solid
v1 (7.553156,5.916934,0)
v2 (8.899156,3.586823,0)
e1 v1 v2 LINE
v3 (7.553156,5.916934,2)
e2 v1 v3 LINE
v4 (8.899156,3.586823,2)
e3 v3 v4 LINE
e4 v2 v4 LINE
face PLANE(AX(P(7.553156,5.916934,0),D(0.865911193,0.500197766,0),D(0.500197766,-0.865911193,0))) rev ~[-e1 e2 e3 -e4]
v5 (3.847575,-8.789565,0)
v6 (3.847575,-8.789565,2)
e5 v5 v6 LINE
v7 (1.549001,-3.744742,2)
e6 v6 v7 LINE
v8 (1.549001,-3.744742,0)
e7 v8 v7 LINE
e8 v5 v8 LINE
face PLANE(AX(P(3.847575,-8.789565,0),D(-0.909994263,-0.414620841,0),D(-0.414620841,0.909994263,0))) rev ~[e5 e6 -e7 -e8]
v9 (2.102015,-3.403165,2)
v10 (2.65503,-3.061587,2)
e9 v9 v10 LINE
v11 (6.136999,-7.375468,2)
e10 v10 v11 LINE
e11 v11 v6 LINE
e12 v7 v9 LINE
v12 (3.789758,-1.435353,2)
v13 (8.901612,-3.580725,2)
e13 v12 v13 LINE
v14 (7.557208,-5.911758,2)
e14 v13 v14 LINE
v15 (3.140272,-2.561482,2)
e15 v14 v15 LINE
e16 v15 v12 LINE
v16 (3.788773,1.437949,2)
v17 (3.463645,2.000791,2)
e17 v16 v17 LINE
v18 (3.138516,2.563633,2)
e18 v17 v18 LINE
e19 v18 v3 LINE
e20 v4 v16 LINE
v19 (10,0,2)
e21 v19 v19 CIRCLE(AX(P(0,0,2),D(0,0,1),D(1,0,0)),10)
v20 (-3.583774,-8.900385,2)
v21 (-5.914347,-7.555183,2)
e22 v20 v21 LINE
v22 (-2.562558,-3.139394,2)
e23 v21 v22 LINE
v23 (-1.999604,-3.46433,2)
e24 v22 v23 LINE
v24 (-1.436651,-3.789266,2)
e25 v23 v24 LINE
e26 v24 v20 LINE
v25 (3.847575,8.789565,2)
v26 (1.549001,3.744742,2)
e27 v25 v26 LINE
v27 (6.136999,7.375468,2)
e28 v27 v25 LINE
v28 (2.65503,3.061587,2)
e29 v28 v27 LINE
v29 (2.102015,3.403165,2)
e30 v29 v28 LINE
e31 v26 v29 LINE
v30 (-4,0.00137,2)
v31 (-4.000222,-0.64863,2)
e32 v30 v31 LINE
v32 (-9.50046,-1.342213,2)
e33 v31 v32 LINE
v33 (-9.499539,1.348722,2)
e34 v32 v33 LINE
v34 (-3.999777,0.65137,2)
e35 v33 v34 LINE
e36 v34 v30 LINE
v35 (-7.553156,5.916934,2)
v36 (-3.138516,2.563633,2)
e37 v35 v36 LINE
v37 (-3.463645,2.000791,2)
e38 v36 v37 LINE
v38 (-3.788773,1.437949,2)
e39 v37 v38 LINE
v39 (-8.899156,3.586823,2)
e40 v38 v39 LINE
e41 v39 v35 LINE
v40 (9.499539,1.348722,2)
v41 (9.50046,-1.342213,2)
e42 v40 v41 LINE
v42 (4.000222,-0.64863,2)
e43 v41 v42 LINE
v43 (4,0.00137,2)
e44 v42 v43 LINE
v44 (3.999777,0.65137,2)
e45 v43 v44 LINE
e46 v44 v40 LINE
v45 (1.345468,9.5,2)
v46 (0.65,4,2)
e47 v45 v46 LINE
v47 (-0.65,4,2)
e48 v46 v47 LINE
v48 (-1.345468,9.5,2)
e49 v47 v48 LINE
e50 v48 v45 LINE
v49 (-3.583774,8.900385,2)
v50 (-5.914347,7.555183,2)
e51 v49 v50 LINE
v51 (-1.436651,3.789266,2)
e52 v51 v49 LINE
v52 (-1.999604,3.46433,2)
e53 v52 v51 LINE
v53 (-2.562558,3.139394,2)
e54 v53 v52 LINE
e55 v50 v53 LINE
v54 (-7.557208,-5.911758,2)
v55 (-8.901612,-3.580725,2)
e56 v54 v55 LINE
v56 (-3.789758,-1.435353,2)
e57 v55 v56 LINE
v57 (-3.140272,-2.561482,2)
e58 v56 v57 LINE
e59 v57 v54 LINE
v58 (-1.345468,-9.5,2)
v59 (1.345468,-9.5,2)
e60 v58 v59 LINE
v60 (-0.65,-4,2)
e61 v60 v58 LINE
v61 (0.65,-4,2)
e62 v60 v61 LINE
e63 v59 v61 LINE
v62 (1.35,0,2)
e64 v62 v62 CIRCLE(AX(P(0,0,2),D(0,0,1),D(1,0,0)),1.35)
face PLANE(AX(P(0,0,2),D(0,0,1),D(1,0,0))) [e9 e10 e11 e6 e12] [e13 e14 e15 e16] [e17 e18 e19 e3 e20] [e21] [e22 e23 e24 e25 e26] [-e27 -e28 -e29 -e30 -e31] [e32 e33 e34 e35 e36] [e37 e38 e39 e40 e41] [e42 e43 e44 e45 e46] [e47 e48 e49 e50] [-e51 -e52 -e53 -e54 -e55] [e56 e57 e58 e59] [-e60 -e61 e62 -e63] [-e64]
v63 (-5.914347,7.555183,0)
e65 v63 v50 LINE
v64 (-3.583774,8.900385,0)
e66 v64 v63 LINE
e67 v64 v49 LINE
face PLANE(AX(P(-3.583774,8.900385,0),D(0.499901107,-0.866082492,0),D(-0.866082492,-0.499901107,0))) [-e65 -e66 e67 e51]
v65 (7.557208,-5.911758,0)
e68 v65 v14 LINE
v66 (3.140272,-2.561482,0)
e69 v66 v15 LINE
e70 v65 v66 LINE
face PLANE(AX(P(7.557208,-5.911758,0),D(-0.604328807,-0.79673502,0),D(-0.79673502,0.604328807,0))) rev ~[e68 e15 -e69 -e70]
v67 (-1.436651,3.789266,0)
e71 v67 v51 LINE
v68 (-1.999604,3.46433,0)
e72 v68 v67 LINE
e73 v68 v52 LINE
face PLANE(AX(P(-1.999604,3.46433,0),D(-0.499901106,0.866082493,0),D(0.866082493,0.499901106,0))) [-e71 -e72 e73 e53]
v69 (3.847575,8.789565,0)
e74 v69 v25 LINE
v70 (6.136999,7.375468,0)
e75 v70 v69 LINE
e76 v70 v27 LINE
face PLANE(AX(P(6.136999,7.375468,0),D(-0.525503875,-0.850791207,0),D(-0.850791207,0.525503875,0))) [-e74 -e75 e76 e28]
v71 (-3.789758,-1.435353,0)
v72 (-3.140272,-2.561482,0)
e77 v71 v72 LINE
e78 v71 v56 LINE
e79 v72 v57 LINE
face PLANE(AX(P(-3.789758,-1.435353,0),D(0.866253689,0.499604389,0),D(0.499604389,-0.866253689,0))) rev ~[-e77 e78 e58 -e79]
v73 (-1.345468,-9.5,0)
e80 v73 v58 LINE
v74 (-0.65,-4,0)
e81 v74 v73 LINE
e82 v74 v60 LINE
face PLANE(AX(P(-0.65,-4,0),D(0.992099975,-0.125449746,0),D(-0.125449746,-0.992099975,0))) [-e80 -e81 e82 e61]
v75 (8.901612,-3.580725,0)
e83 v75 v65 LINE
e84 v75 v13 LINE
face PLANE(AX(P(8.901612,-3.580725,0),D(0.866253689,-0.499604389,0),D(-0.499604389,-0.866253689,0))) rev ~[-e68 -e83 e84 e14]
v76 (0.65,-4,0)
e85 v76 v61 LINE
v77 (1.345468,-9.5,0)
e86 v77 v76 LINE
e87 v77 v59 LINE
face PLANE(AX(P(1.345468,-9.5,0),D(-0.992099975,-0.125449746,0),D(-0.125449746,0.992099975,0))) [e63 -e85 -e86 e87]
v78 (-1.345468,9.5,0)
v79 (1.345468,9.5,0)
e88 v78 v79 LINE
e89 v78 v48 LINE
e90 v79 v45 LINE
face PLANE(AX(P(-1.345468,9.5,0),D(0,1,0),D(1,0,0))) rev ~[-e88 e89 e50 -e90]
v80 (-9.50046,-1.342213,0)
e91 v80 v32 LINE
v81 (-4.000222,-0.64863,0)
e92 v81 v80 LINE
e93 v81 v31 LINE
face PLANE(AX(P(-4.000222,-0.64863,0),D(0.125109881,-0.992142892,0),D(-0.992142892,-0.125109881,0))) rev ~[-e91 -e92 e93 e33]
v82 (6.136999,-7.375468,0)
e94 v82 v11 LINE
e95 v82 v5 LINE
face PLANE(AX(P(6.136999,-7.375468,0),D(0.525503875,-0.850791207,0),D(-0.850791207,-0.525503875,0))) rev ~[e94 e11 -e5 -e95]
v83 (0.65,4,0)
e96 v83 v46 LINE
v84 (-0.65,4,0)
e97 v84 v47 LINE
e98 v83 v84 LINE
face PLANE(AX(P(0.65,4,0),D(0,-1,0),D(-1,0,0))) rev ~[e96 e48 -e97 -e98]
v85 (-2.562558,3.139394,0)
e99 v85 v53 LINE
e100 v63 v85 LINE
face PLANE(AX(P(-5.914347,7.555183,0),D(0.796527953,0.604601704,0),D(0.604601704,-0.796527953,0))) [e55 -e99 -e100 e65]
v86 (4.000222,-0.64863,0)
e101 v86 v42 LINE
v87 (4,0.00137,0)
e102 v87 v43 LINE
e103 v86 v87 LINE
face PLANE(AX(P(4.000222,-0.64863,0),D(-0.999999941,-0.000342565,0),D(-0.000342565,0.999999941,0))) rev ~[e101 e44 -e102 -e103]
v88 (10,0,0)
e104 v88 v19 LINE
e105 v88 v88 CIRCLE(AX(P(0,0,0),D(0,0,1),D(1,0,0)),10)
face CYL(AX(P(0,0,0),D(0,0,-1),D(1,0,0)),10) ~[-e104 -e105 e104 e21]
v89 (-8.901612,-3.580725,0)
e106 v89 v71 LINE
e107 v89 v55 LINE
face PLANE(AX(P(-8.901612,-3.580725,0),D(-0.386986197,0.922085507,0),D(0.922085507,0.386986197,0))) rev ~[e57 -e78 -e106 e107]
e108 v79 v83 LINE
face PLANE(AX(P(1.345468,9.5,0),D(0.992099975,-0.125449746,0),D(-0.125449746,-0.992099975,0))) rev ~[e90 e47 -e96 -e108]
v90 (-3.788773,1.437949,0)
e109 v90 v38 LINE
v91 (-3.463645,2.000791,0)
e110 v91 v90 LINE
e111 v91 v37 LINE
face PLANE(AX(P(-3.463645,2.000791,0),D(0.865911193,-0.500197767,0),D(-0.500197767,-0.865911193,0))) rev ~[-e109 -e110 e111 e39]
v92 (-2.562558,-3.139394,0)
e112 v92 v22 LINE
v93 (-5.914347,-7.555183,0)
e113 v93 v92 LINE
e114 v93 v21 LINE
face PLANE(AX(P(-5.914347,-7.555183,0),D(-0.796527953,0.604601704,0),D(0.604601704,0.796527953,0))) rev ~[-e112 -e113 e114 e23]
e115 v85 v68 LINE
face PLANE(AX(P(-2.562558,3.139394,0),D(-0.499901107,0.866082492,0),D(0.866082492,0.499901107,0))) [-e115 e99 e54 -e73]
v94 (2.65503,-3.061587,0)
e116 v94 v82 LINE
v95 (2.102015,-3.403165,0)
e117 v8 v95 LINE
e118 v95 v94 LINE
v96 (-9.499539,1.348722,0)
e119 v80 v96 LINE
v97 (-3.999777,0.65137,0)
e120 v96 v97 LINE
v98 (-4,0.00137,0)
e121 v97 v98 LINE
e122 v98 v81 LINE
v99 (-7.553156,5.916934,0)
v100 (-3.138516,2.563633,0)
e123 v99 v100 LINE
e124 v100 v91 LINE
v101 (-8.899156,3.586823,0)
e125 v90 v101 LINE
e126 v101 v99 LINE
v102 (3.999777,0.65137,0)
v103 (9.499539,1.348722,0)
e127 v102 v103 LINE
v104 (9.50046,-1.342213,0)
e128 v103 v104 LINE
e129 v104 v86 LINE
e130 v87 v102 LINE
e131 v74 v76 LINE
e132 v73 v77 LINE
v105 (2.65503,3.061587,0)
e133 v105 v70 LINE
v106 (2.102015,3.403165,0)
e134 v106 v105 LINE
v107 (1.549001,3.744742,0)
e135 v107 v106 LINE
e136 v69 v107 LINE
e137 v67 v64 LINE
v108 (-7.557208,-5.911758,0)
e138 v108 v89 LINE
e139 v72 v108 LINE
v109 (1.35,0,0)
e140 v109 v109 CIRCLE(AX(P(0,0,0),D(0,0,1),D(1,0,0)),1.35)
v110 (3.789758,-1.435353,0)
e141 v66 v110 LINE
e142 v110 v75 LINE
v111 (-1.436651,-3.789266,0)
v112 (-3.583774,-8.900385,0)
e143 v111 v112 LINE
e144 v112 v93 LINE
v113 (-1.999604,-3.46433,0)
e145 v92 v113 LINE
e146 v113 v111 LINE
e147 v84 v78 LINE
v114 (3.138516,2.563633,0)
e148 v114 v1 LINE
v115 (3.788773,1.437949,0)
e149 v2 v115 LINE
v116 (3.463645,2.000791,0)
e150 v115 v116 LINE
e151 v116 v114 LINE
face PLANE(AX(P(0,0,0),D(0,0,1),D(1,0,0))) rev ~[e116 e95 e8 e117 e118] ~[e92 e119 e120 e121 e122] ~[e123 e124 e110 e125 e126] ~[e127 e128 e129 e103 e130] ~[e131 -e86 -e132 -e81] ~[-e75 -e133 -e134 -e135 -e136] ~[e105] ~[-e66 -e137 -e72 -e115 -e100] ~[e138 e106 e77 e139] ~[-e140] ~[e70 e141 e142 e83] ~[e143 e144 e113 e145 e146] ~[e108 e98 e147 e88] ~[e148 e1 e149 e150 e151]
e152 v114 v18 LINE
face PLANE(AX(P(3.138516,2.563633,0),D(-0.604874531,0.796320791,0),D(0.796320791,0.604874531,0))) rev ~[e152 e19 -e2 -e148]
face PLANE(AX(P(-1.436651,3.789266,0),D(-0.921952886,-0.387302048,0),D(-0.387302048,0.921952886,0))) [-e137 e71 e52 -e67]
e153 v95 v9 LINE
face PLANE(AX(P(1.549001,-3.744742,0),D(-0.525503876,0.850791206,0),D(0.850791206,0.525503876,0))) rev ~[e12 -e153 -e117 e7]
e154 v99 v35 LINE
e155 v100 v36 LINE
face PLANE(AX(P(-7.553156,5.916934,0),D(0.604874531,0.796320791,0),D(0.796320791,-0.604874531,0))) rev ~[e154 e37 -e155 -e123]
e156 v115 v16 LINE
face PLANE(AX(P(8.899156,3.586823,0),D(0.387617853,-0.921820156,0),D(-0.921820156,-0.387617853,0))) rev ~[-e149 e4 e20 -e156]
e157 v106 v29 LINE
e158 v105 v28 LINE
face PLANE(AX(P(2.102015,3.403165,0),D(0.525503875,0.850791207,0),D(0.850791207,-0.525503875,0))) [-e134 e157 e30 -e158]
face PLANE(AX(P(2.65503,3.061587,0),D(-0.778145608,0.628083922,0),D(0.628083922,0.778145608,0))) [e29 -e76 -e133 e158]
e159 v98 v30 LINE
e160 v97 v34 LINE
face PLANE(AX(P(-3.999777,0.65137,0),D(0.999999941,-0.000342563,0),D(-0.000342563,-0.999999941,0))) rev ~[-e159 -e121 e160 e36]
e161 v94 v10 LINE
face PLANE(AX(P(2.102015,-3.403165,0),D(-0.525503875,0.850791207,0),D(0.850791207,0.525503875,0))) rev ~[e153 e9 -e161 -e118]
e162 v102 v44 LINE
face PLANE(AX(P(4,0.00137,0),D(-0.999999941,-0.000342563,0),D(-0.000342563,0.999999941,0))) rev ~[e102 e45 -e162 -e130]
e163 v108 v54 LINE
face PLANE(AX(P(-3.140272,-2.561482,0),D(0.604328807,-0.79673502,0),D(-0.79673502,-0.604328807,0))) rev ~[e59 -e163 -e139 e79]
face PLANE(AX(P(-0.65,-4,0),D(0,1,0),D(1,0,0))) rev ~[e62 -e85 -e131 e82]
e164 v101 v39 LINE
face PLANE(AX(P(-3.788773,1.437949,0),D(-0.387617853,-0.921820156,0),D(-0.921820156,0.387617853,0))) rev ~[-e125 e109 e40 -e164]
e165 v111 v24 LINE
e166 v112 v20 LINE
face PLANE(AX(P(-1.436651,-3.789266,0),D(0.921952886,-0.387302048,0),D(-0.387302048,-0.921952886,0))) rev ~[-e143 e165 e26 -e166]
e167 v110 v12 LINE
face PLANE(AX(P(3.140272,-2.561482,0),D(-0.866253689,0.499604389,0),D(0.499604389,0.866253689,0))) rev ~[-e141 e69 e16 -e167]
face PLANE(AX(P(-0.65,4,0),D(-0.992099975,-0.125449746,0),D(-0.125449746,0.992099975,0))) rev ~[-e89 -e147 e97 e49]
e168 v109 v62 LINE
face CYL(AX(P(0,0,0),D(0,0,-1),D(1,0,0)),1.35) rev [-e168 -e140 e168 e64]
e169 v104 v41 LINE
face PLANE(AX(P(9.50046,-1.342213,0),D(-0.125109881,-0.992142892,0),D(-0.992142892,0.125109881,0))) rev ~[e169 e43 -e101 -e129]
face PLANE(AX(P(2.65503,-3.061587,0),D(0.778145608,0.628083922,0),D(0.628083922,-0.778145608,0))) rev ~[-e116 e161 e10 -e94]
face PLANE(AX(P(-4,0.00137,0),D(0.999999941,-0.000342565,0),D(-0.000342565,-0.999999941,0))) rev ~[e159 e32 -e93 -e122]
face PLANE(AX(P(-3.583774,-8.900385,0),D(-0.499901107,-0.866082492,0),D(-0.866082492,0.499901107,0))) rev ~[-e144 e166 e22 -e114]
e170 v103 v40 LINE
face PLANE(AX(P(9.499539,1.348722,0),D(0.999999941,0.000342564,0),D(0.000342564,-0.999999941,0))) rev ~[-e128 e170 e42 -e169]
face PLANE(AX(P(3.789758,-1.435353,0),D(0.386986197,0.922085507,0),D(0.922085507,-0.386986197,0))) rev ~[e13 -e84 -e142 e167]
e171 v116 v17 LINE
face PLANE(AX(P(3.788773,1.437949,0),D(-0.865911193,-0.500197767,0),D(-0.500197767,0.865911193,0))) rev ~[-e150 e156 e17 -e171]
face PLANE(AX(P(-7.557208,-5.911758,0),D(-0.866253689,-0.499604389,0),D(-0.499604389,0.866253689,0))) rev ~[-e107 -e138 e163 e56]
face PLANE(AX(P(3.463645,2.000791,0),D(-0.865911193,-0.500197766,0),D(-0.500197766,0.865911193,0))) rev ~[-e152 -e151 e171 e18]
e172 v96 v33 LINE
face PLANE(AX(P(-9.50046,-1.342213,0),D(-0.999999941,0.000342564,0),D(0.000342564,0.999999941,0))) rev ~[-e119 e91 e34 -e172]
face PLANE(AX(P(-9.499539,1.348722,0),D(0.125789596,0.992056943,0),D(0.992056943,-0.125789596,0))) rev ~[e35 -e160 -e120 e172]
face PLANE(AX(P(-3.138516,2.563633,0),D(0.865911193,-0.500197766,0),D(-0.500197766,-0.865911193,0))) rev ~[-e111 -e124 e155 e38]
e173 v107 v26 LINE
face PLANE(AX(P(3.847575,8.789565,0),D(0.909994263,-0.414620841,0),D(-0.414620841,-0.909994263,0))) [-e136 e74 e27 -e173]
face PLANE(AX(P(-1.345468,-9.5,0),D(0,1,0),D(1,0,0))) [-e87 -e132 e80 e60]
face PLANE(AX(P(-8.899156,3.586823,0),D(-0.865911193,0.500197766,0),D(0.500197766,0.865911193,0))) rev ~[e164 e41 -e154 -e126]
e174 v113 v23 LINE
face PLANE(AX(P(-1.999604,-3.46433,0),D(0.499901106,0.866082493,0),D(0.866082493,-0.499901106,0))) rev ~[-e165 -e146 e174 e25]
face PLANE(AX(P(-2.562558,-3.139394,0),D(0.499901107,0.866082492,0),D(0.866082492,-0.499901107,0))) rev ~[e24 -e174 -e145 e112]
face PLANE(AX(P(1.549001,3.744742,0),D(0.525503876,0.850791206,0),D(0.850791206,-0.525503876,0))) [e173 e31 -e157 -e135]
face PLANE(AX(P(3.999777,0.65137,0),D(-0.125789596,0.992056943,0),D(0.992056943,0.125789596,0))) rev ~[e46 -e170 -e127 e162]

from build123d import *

# Parameters (mm, degrees)
ESBO_O1_R                = 10
ESBO_O1_R_2              = 1.35
RESSALTO_EXTRUS_O2_DEPTH = 2


with BuildPart() as part:
    # Esboço1 → Ressalto-extrusão2 (new body)
    with BuildSketch(Plane.XY):
        Circle(ESBO_O1_R)
        Circle(ESBO_O1_R_2, mode=Mode.SUBTRACT)
        Polygon((-1.345467814, 9.5), (1.345467814, 9.5), (0.65, 4), (0, 4), (-0.65, 4), align=None, mode=Mode.SUBTRACT)
        Polygon((2.655029784, 3.061587308), (6.136998996, 7.375467915), (3.847574626, 8.789565014), (1.549001215, 3.744742346), (2.102015499, 3.403164827), align=None, mode=Mode.SUBTRACT)
        Polygon((-1.436650808, 3.789265688), (-3.5837744, 8.900384525), (-5.914346634, 7.555182826), (-2.562558048, 3.139394249), (-1.999604428, 3.464329969), align=None, mode=Mode.SUBTRACT)
        Polygon((-3.463644773, 2.000791065), (-3.788773321, 1.43794879), (-8.899156331, 3.58682314), (-7.553156341, 5.91693442), (-3.138516225, 2.563633341), align=None, mode=Mode.SUBTRACT)
        Polygon((-3.999999765, 0.001370256), (-4.000222432, -0.648629706), (-9.500460351, -1.342213377), (-9.499538534, 1.348722092), (-3.999777099, 0.651370218), align=None, mode=Mode.SUBTRACT)
        Polygon((-3.465014758, -1.998417556), (-3.140271905, -2.561482454), (-7.557208424, -5.911758154), (-8.901611674, -3.580725239), (-3.789757611, -1.435352658), align=None, mode=Mode.SUBTRACT)
        Polygon((-1.999604428, -3.464329969), (-1.436650808, -3.789265688), (-3.5837744, -8.900384525), (-5.914346634, -7.555182826), (-2.562558048, -3.139394249), align=None, mode=Mode.SUBTRACT)
        Polygon((-0.65, -4), (-1.345467814, -9.5), (1.345467814, -9.5), (0.65, -4), (0, -4), align=None, mode=Mode.SUBTRACT)
        Polygon((2.102015499, -3.403164827), (2.655029784, -3.061587308), (6.136998996, -7.375467915), (3.847574626, -8.789565014), (1.549001215, -3.744742346), align=None, mode=Mode.SUBTRACT)
        Polygon((3.465014758, -1.998417556), (3.789757611, -1.435352658), (8.901611674, -3.580725239), (7.557208424, -5.911758154), (3.140271905, -2.561482454), align=None, mode=Mode.SUBTRACT)
        Polygon((3.999999765, 0.001370256), (3.999777099, 0.651370218), (9.499538534, 1.348722092), (9.500460351, -1.342213377), (4.000222432, -0.648629706), align=None, mode=Mode.SUBTRACT)
        Polygon((3.463644773, 2.000791065), (3.138516225, 2.563633341), (7.553156341, 5.91693442), (8.899156331, 3.58682314), (3.788773321, 1.43794879), align=None, mode=Mode.SUBTRACT)
    extrude(amount=RESSALTO_EXTRUS_O2_DEPTH)


solid = part.part
